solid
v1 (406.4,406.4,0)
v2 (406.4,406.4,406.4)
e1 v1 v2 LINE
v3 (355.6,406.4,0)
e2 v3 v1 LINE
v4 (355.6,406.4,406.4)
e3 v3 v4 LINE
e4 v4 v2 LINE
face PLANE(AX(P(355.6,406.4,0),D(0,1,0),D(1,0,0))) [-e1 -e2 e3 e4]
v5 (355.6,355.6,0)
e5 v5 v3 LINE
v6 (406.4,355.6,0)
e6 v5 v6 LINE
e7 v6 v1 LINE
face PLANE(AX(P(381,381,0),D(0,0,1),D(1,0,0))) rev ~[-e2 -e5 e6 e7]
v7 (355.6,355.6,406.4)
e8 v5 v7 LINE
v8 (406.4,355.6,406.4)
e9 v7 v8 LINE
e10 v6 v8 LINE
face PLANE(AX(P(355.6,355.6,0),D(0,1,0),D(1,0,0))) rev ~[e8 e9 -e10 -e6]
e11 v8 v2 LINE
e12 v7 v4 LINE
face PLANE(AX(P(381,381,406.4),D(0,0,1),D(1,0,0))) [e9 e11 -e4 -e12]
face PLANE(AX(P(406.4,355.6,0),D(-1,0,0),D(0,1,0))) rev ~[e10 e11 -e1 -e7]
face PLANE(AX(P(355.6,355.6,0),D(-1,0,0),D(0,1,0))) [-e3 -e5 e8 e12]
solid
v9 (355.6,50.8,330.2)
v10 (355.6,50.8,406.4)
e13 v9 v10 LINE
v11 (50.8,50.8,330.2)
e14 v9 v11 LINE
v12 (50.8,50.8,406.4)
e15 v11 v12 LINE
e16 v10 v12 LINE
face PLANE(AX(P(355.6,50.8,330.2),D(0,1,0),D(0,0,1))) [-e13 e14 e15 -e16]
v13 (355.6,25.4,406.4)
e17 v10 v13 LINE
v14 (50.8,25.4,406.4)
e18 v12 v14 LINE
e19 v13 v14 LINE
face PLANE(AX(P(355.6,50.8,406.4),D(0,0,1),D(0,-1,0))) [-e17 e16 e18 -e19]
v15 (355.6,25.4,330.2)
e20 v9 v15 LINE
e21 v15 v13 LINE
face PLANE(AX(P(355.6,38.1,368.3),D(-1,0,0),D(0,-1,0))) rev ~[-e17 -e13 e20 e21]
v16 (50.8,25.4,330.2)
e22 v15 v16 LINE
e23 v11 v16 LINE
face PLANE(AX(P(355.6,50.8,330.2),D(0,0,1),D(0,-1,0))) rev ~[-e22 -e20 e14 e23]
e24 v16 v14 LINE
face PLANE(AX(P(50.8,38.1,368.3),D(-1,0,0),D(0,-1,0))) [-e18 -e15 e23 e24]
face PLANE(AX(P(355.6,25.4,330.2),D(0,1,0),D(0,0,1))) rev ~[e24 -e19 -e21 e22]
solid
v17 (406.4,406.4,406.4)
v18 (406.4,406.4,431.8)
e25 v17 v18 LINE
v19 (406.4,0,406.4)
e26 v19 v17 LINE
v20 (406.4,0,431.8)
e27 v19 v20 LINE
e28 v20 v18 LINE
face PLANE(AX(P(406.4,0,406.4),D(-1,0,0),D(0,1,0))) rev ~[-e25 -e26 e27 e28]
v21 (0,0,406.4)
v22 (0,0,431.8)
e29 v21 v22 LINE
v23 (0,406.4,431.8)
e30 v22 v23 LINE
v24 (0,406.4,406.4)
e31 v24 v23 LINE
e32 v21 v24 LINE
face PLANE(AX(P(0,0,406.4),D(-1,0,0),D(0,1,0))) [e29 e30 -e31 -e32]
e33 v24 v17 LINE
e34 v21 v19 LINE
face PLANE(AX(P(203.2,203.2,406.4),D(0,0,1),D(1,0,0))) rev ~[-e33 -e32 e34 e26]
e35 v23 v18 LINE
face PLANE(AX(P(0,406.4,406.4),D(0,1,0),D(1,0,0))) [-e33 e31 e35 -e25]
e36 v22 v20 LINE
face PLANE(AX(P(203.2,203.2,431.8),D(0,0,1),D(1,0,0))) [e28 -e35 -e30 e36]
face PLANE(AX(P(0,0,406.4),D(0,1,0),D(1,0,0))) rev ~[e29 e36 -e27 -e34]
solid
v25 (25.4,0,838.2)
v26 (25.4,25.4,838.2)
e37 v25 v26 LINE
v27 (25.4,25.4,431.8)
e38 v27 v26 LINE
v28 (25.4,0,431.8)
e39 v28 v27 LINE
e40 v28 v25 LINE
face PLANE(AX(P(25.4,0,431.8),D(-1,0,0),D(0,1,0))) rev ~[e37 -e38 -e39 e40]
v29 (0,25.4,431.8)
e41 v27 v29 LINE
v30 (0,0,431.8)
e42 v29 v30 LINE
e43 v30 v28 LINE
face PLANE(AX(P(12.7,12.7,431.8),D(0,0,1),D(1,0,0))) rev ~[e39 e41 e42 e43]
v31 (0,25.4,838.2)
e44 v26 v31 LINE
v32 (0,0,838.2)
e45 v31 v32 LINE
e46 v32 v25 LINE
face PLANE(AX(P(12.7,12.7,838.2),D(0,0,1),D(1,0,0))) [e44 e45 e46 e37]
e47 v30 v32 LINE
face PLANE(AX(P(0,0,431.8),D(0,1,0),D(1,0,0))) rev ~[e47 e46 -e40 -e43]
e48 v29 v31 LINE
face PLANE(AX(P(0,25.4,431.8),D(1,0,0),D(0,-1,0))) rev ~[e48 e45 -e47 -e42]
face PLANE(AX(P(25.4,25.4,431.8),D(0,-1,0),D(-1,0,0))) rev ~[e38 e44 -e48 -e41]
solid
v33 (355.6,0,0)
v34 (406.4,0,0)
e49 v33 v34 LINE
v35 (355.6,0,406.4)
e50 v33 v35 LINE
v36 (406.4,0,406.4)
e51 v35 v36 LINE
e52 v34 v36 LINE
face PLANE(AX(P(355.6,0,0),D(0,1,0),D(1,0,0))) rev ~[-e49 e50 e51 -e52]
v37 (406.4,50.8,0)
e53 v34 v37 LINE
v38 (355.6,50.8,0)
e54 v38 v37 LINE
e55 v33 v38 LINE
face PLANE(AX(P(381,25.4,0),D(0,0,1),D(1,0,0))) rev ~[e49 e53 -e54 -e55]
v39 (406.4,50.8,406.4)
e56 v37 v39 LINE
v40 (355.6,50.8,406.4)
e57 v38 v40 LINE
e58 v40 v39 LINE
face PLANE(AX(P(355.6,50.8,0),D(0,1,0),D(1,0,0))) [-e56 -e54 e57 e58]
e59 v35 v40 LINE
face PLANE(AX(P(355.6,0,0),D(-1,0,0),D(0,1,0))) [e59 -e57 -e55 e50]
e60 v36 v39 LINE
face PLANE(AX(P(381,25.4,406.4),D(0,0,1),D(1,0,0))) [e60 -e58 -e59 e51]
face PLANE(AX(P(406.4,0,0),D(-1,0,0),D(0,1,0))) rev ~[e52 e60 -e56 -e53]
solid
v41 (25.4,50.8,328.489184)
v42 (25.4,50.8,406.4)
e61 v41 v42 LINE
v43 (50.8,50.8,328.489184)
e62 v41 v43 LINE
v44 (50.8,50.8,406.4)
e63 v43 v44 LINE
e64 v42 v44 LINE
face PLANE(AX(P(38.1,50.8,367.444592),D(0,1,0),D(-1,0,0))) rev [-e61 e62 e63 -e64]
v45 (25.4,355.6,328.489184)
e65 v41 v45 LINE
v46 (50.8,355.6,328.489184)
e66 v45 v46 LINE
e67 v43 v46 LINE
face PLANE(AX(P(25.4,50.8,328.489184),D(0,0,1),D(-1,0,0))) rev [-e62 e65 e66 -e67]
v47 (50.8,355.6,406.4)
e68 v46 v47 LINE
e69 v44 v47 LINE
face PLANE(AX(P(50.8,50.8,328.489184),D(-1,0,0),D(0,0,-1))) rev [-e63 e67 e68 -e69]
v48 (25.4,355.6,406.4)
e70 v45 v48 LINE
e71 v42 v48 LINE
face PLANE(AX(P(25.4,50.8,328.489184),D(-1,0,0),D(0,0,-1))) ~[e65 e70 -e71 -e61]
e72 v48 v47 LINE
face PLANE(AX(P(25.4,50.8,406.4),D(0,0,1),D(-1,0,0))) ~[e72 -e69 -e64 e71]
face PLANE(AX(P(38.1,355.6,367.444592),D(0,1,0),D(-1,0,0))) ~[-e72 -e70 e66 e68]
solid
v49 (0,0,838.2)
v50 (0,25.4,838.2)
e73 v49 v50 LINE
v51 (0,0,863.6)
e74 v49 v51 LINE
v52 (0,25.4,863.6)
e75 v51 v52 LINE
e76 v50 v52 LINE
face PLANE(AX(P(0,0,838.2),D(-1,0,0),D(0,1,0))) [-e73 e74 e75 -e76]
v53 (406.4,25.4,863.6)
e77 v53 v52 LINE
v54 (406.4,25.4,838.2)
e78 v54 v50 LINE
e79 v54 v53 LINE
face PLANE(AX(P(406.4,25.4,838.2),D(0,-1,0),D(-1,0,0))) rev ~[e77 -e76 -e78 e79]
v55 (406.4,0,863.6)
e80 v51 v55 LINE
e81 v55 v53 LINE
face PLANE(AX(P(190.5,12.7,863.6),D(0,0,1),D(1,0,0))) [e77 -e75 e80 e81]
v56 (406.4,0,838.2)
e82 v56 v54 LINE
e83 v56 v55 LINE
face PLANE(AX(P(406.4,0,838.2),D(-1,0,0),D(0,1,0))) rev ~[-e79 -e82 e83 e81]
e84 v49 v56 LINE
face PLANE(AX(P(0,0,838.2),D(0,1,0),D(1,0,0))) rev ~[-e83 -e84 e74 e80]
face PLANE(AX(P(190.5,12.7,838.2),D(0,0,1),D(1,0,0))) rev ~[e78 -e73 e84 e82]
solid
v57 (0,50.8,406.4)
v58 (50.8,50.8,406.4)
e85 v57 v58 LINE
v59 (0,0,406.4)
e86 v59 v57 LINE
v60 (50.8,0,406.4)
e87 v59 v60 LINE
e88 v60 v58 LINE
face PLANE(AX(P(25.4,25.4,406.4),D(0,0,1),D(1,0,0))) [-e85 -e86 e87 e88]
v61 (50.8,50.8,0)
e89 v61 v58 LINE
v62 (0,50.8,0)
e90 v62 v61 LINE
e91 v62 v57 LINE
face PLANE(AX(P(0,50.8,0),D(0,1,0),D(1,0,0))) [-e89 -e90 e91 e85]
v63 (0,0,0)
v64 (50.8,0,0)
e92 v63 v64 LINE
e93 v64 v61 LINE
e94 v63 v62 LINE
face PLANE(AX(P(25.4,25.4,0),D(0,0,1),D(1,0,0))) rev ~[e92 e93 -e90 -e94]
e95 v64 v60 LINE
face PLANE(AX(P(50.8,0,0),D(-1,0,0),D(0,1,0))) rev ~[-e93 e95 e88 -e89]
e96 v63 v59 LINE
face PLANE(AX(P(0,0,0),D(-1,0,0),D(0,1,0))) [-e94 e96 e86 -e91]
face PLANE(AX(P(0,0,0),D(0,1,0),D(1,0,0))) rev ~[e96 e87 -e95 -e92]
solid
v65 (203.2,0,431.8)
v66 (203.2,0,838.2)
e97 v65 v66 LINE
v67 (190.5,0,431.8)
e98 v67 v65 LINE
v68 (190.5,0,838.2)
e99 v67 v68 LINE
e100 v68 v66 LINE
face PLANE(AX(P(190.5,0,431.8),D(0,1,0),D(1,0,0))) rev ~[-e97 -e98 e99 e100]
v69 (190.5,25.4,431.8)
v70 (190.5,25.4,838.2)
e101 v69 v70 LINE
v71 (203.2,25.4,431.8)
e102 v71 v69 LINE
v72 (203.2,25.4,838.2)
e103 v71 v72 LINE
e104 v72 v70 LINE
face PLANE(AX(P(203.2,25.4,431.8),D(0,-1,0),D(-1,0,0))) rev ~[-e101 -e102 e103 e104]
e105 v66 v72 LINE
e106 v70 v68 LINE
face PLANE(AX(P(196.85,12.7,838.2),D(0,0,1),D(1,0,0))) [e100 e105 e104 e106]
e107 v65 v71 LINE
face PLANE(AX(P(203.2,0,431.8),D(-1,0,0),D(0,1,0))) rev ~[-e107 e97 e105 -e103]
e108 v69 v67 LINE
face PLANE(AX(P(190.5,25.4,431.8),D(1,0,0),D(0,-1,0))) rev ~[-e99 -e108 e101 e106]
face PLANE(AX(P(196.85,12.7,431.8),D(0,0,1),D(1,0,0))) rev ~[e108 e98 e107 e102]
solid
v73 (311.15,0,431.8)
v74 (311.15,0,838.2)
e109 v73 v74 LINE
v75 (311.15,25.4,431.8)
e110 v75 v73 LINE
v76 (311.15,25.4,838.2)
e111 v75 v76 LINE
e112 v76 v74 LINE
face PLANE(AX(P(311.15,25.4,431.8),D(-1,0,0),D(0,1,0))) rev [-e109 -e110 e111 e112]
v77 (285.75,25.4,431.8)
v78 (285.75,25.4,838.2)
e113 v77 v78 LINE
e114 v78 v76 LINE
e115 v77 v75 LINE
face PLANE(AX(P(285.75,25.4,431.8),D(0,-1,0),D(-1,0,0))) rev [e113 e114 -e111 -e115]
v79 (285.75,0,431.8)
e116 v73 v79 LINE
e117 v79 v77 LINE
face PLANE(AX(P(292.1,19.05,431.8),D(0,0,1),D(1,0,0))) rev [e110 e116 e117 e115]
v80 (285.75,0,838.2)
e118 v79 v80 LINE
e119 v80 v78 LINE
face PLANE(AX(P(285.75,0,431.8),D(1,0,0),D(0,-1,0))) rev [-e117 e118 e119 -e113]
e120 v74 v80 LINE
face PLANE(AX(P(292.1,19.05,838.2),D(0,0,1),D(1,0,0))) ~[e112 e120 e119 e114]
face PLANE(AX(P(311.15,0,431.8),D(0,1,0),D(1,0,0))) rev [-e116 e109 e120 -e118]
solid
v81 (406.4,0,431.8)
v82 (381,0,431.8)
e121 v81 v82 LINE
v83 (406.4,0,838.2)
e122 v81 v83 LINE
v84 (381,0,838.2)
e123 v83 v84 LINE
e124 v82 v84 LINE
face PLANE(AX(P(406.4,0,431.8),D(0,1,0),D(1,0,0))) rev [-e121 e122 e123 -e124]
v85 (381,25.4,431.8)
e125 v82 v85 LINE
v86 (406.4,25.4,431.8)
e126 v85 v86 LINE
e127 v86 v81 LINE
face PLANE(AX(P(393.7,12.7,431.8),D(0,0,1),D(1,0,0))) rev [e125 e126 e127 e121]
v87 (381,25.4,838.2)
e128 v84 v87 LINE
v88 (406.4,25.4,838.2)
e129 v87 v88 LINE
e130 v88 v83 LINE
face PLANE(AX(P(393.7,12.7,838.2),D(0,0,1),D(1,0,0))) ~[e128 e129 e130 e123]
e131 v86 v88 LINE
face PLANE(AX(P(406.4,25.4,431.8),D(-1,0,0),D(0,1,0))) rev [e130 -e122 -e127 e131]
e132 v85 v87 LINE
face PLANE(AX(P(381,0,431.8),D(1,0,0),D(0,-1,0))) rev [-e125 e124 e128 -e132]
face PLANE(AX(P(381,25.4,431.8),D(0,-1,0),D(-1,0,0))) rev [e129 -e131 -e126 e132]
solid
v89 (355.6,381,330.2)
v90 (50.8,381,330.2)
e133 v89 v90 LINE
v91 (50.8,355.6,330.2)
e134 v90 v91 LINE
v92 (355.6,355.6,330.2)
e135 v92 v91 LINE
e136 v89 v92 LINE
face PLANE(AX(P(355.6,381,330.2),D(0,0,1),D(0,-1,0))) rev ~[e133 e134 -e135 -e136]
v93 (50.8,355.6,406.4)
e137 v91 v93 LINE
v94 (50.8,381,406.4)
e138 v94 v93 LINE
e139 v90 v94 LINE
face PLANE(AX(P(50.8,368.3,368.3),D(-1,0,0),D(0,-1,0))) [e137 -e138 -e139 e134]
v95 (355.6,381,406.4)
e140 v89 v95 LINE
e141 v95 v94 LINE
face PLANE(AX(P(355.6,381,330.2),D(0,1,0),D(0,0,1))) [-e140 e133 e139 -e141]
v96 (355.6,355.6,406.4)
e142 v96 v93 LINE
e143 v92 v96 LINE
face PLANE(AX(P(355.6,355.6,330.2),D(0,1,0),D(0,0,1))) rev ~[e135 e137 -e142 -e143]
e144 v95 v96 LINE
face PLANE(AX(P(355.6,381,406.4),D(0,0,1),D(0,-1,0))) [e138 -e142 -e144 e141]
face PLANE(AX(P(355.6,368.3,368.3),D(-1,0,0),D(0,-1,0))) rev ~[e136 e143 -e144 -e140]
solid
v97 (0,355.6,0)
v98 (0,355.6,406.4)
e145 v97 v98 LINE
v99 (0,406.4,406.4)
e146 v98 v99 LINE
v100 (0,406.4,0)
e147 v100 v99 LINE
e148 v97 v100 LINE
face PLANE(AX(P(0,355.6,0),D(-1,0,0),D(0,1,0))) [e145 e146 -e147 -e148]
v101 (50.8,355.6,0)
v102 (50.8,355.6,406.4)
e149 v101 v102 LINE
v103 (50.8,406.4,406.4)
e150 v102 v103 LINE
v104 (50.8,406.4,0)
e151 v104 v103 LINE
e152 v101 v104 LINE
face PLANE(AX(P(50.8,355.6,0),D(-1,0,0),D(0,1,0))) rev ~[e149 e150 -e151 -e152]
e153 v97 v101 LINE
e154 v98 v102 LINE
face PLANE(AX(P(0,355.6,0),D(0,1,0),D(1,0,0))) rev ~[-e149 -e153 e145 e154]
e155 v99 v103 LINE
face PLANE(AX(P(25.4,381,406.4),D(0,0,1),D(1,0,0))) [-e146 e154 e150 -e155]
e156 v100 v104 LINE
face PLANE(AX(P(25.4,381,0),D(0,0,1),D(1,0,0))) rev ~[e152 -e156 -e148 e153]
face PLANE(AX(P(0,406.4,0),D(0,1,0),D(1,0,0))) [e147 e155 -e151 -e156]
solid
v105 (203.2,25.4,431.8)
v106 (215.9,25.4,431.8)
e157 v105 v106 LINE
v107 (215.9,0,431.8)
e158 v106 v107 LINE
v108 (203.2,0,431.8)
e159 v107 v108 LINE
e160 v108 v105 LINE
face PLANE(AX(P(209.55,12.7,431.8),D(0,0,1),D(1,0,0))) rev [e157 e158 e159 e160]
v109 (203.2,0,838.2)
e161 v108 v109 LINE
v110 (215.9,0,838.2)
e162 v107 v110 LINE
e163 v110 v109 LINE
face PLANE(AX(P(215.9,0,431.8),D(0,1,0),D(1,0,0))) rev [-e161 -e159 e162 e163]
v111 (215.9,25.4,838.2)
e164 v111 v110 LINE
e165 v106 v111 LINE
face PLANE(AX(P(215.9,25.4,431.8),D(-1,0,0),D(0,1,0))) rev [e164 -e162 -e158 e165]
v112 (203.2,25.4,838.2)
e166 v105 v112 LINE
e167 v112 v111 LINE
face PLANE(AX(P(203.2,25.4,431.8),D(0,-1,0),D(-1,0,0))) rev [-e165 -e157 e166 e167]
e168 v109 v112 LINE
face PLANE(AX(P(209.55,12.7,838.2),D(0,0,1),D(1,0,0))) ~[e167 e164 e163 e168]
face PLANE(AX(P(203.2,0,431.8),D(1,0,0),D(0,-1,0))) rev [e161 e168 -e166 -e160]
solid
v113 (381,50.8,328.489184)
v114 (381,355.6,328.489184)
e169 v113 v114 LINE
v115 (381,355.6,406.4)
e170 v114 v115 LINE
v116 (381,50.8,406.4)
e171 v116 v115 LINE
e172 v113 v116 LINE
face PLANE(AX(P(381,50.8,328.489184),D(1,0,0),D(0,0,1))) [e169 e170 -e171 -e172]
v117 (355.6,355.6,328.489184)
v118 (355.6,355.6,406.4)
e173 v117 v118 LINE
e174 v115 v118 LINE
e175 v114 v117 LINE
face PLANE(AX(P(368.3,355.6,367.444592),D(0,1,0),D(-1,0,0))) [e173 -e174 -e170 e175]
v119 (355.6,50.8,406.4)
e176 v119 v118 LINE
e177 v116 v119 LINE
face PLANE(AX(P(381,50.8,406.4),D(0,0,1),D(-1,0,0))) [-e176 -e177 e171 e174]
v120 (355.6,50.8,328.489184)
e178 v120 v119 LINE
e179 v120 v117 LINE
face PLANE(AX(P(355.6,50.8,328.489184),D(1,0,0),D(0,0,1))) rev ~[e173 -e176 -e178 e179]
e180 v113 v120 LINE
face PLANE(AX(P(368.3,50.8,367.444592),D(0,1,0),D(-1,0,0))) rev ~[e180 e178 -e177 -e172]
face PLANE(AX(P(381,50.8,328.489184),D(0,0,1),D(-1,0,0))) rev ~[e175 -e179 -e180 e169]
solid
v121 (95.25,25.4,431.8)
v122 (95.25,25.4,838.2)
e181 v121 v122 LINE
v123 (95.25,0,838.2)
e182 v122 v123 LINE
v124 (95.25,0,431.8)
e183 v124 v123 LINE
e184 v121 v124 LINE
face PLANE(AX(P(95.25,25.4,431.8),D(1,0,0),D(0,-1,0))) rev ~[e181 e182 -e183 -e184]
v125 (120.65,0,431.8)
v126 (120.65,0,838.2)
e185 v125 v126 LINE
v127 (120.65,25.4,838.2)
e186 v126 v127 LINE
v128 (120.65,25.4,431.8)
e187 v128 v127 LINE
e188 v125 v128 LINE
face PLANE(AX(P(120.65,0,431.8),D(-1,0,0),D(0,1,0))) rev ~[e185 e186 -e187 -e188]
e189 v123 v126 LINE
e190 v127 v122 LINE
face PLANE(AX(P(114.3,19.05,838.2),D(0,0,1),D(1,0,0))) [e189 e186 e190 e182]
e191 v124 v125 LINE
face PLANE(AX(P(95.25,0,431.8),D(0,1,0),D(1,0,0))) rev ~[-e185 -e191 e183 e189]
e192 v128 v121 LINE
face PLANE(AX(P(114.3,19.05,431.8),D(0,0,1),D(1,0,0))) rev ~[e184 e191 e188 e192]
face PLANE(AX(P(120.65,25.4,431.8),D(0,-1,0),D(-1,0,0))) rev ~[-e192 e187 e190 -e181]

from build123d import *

# Parameters (mm, degrees)
F0_W      = 50.8
F0_H      = 50.8
F1_DEPTH  = 406.4
F2_W      = 406.4
F2_H      = 406.4
F3_DEPTH  = 25.4
F5_DEPTH  = 406.4
F4_W      = 12.7
F4_H      = 12.7
F11_W     = 381
F11_H     = 25.4
F11_W_2   = 25.4
F12_DEPTH = 25.4
F13_W     = 25.4
F13_H     = 77.9108156204
F14_DEPTH = 304.8
F16_W     = 25.4
F16_H     = 76.2
F17_DEPTH = 304.8


with BuildPart() as f1:
    # F0 (on Top) → F1 (new body)
    with BuildSketch(Plane.XY):
        with Locations((25.4, 25.4)):
            Rectangle(F0_W, F0_H)
    extrude(amount=F1_DEPTH)


with BuildPart() as f1b:
    # F0 (on Top) → F1, piece 2 (new body)
    with BuildSketch(Plane.XY):
        with Locations((381, 25.4)):
            Rectangle(F0_W, F0_H)
    extrude(amount=F1_DEPTH)


with BuildPart() as f1c:
    # F0 (on Top) → F1, piece 3 (new body)
    with BuildSketch(Plane.XY):
        with Locations((381, 381)):
            Rectangle(F0_W, F0_H)
    extrude(amount=F1_DEPTH)


with BuildPart() as f1d:
    # F0 (on Top) → F1, piece 4 (new body)
    with BuildSketch(Plane.XY):
        with Locations((25.4, 381)):
            Rectangle(F0_W, F0_H)
    extrude(amount=F1_DEPTH)


with BuildPart() as f3:
    # F2 (on face) → F3 (new body)
    with BuildSketch(Plane.XY.offset(406.4)):
        with Locations((203.2, 203.2)):
            Rectangle(F2_W, F2_H)
    extrude(amount=F3_DEPTH)


with BuildPart() as f5:
    # F4 (on face) → F5 (new body)
    with BuildSketch(Plane.XY.offset(431.8)):
        Polygon((0, 25.4), (0, 0), (25.4, 0), (25.4, 12.7), (25.4, 25.4), align=None)
    extrude(amount=F5_DEPTH)


with BuildPart() as f5b:
    # F4 (on face) → F5, piece 2 (new body)
    with BuildSketch(Plane.XY.offset(431.8)):
        with Locations((114.3, 19.05)):
            Rectangle(F4_W, F4_H)
        Polygon((95.25, 12.7), (95.25, 0), (107.95, 0), (107.95, 12.7), (107.95, 25.4), (95.25, 25.4), align=None)
        with Locations((114.3, 6.35)):
            Rectangle(F4_W, F4_H)
    extrude(amount=F5_DEPTH)


with BuildPart() as f5c:
    # F4 (on face) → F5, piece 3 (new body)
    with BuildSketch(Plane.XY.offset(431.8)):
        Polygon((203.2, 0), (203.2, 25.4), (190.5, 25.4), (190.5, 12.7), (190.5, 0), align=None)
    extrude(amount=F5_DEPTH)


with BuildPart() as f10_1:
    # F10: instance of F5
    add(f5.part.mirror(Plane(origin=(203.2, 0, 431.8), x_dir=(0, 1, 0), z_dir=(1, 0, 0))))


with BuildPart() as f10_2:
    # F10: instance of F5b
    add(f5b.part.mirror(Plane(origin=(203.2, 0, 431.8), x_dir=(0, 1, 0), z_dir=(1, 0, 0))))


with BuildPart() as f10_3:
    # F10: instance of F5c
    add(f5c.part.mirror(Plane(origin=(203.2, 0, 431.8), x_dir=(0, 1, 0), z_dir=(1, 0, 0))))


with BuildPart() as f12:
    # F11 (on face) → F12 (new body)
    with BuildSketch(Plane.XY.offset(838.2)):
        with Locations((190.5, 12.7)):
            Rectangle(F11_W, F11_H)
        with Locations((393.7, 12.7)):
            Rectangle(F11_W_2, F11_H)
    extrude(amount=F12_DEPTH)


with BuildPart() as f14:
    # F13 (on face) → F14 (new body)
    with BuildSketch(Plane(origin=(0, 50.8, 0), x_dir=(-1, 0, 0), z_dir=(0, 1, 0))):
        with Locations((-368.3, 367.4445921898)):
            Rectangle(F13_W, F13_H)
    extrude(amount=F14_DEPTH)


with BuildPart() as f15_1:
    # F15: instance of F14
    add(f14.part.mirror(Plane(origin=(203.2, 0, 431.8), x_dir=(0, 1, 0), z_dir=(1, 0, 0))))


with BuildPart() as f17:
    # F16 (on face) → F17 (new body)
    with BuildSketch(Plane(origin=(355.6, 0, 0), x_dir=(0, -1, 0), z_dir=(-1, 0, 0))):
        with Locations((-368.3, 368.3)):
            Rectangle(F16_W, F16_H)
    extrude(amount=F17_DEPTH)


with BuildPart() as f17b:
    # F16 (on face) → F17, piece 2 (new body)
    with BuildSketch(Plane(origin=(355.6, 0, 0), x_dir=(0, -1, 0), z_dir=(-1, 0, 0))):
        with Locations((-38.1, 368.3)):
            Rectangle(F16_W, F16_H)
    extrude(amount=F17_DEPTH)


solid = Compound([f1.part, f1b.part, f1c.part, f1d.part, f3.part, f5.part, f5b.part, f5c.part, f10_1.part, f10_2.part, f10_3.part, f12.part, f14.part, f15_1.part, f17.part, f17b.part])
